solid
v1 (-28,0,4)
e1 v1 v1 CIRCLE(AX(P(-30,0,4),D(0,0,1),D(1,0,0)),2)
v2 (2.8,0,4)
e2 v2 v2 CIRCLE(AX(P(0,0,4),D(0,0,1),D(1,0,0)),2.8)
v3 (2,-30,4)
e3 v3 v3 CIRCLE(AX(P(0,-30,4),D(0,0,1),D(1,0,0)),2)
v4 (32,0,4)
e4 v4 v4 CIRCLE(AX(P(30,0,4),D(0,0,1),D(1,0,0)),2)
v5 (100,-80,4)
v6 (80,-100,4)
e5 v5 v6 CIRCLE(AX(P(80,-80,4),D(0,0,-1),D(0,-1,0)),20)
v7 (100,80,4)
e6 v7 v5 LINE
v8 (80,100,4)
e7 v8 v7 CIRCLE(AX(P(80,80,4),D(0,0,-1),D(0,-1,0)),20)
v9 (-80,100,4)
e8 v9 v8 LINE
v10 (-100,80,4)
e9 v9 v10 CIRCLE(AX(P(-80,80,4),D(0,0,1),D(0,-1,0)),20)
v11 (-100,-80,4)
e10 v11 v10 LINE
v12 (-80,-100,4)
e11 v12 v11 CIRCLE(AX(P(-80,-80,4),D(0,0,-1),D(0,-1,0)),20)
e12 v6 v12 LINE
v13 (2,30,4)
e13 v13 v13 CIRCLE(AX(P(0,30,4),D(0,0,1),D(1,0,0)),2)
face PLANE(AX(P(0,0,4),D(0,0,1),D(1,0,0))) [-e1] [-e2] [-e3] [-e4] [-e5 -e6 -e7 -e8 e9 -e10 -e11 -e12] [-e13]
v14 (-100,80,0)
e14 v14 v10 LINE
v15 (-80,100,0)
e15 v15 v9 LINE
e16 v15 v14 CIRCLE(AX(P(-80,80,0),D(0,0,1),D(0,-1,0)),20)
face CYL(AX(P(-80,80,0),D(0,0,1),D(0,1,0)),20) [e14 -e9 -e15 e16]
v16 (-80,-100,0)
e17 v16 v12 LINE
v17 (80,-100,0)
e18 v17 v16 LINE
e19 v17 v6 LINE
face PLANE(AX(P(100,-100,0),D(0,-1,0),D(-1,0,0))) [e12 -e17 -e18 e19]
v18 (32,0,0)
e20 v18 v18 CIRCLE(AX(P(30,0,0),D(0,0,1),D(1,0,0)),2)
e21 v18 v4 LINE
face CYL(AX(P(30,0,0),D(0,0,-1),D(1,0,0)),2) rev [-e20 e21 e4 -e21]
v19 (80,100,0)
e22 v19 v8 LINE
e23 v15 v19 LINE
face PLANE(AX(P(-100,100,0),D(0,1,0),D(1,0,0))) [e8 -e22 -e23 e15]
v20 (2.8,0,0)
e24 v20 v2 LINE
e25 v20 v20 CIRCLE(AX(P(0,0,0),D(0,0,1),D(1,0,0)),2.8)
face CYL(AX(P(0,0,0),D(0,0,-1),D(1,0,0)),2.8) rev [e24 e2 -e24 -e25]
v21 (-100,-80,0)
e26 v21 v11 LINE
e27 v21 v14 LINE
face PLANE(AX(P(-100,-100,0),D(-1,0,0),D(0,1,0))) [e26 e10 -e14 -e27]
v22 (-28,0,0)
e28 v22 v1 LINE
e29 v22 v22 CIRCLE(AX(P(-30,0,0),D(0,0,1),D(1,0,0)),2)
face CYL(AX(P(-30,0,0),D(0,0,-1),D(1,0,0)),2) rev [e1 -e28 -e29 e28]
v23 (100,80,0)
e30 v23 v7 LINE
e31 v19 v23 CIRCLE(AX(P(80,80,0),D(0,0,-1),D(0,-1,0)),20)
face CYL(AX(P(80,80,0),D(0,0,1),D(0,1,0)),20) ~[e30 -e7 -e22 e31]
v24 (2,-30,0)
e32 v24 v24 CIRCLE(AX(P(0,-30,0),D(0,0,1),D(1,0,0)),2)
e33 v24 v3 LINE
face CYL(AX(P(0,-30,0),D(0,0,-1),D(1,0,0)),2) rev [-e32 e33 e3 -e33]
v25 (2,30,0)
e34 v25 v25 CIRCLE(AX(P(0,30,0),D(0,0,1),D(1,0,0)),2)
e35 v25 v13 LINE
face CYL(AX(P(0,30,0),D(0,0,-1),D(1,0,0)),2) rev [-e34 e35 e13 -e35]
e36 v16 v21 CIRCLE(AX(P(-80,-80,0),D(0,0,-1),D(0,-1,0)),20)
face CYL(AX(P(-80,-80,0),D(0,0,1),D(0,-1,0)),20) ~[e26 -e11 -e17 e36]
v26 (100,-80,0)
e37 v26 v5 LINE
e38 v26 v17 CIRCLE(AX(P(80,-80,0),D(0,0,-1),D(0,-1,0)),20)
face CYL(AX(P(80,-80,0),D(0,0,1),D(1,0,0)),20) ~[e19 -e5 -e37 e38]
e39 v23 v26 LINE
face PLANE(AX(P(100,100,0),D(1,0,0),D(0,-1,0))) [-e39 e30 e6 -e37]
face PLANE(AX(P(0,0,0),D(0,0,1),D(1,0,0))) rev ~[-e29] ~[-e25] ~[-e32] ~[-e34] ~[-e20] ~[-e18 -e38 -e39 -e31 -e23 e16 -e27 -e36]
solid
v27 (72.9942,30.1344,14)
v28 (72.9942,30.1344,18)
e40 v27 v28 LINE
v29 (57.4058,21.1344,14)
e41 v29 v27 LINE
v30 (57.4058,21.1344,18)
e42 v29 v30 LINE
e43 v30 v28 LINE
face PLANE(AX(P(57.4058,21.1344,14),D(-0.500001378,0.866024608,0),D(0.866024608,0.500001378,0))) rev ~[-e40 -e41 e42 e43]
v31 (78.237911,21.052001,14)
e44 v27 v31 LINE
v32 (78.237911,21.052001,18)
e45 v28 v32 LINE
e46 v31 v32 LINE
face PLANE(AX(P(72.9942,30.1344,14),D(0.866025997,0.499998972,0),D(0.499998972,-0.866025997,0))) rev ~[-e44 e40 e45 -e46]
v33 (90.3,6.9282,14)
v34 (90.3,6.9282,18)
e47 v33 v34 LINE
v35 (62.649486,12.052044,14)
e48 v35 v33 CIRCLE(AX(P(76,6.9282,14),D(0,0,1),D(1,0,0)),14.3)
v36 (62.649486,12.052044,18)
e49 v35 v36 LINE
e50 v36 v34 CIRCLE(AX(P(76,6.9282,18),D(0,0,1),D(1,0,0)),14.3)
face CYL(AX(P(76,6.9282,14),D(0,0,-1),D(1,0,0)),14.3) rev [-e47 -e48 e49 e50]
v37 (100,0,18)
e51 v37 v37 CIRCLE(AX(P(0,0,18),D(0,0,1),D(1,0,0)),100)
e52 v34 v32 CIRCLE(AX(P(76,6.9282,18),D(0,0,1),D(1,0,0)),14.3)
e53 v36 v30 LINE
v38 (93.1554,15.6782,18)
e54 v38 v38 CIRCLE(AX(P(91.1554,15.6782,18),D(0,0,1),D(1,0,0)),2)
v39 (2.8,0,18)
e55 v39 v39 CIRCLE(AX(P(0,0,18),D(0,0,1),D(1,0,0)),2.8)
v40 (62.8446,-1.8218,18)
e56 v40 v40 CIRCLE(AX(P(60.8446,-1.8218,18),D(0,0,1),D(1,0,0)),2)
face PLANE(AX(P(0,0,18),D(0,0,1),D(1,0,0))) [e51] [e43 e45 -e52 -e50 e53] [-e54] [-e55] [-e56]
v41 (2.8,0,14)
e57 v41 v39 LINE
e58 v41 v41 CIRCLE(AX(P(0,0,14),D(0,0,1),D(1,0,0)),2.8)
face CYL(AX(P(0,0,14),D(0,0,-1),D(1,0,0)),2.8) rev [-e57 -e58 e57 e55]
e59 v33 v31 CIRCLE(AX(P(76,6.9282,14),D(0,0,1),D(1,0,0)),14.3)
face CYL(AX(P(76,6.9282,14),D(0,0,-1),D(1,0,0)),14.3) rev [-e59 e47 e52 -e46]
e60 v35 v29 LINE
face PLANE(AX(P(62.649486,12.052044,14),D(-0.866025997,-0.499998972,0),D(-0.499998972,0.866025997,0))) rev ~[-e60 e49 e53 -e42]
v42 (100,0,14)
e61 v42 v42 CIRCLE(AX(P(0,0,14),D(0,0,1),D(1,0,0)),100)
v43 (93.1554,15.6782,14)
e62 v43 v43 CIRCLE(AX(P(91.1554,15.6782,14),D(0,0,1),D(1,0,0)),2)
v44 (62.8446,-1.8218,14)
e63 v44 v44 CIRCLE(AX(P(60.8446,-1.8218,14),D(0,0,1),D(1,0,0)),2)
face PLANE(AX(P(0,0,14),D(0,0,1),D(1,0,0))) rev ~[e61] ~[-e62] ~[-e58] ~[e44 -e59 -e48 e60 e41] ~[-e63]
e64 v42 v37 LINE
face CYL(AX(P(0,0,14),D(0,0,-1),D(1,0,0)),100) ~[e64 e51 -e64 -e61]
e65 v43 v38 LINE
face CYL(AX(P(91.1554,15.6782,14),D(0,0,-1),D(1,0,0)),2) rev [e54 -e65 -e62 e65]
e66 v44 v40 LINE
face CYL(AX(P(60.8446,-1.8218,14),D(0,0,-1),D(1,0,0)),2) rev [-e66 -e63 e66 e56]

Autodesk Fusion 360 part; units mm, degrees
sketch "Sketch1" plane through (0, 0, 0) normal (0, 0, 1) x (1, 0, 0)
  line L0 (-100, 100) -> (100, 100)
  line L1 (100, 100) -> (100, -100)
  line L2 (100, -100) -> (-100, -100)
  line L3 (-100, -100) -> (-100, 100)
  circle A0 centre (0, 0) radius 65 construction
  circle A1 centre (30, 0) radius 2
  circle A2 centre (0, 30) radius 2
  circle A3 centre (-30, 0) radius 2
  circle A4 centre (0, -30) radius 2
  circle A5 centre (0, 0) radius 2.8
  point P0 (0, -100)
  point P1 (-100, 0)
  dimension "d1" = 200
  dimension "d2" = 200
  dimension "d3" = 130
  dimension "d10" = 30
  dimension "d11" = 30
  dimension "d12" = 30
  dimension "d13" = 30
  dimension "d14" = 4
  dimension "d15" = 4
  dimension "d16" = 4
  dimension "d17" = 4
  dimension "d18" = 5.6
sketch "Sketch2" plane through (0, 0, 0) normal (0, 0, 1) x (1, 0, 0)
  circle A0 centre (0, 0) radius 100
  circle A1 centre (76, 6.9282) radius 14.3
  line L0 (60.8446, -1.8218) -> (91.1554, 15.6782) construction
  circle A2 centre (60.8446, -1.8218) radius 2
  circle A3 centre (91.1554, 15.6782) radius 2
  line L1 (76, 6.9282) -> (80, 0) construction
  line L2 (-49.7, 60.3) -> (49.7, 60.3) construction
  line L3 (49.7, 60.3) -> (49.7, -60.3) construction
  line L4 (49.7, -60.3) -> (-49.7, -60.3) construction
  line L5 (-49.7, -60.3) -> (-49.7, 60.3) construction
  line L6 (0, 0) -> (0, 9) construction
  line L7 (57.4058, 21.1344) -> (72.9942, 30.1344)
  line L8 (72.9942, 30.1344) -> (83.7942, 11.4282)
  line L9 (83.7942, 11.4282) -> (68.2058, 2.4282) construction
  line L10 (68.2058, 2.4282) -> (57.4058, 21.1344)
  circle A4 centre (0, 0) radius 2.8
  point P0 (80, 0)
  point P1 (76, 6.9282)
  point P2 (92.673, 16.9809)
  point P3 (98.1351, 19.2223)
  point P4 (0, 60.3)
  point P5 (-49.7, 0)
  point P6 (76, 6.9282)
  dimension "d19" = 200
  dimension "d20" = 80
  dimension "d21" = 28.6
  dimension "d22" = 8
  dimension "d23" = 35
  dimension "d24" = 4
  dimension "d25" = 4
  dimension "d27" = 99.4
  dimension "d28" = 120.6
  dimension "d29" = 60
  dimension "d30" = 18
  dimension "d31" = 21.6
  dimension "d32" = 5.6
extrude "Extrude1" add sketch "Sketch1" along normal blind 4 makes body 1
extrude "Extrude2" add sketch "Sketch2" along normal blind 4 from surface at 14 separate body makes body 2
fillet "Fillet1" radius 20 4 edges at (100, -100, 2) (-100, -100, 2) (-100, 100, 2) (100, 100, 2) on bodies 1
sketch "Sketch3" plane through (0, 0, 18) normal (0, 0, 1) x (-1, 0, 0)
  circle A0 centre (0, 0) radius 100
  circle A1 centre (-60.8446, 1.8218) radius 2
  circle A2 centre (-91.1554, -15.6782) radius 2
  arc A3 (-62.6495, -12.052) -> (-78.2379, -21.052) centre (-76, -6.9282) ccw
  line L0 (-62.6495, -12.052) -> (-57.4058, -21.1344)
  line L1 (-57.4058, -21.1344) -> (-72.9942, -30.1344)
  line L2 (-72.9942, -30.1344) -> (-78.2379, -21.052)
  circle A4 centre (0, 0) radius 2.8
sketch "Sketch4" plane through (0, 0, 4) normal (0, 0, 1) x (-1, 0, 0)
  arc A0 (-100, -80) -> (-80, -100) centre (-80, -80) ccw
  line L0 (-80, -100) -> (80, -100)
  arc A1 (80, -100) -> (100, -80) centre (80, -80) ccw
  line L1 (100, -80) -> (100, 80)
  arc A2 (100, 80) -> (80, 100) centre (80, 80) ccw
  line L2 (80, 100) -> (-80, 100)
  arc A3 (-80, 100) -> (-100, 80) centre (-80, 80) ccw
  line L3 (-100, 80) -> (-100, -80)
  circle A4 centre (30, 0) radius 2
  circle A5 centre (-30, 0) radius 2
  circle A6 centre (0, -30) radius 2
  circle A7 centre (0, 0) radius 2.8
  circle A8 centre (0, 30) radius 2
equation "ScrewDiameter = 4 mm"
equation "ScrewDistance = 30 mm"
equation "BigGearDiameter = 130 mm"
equation "SmallGearDiameter = 30 mm"
equation "ShaftDiameter = 5 mm"
equation "Clearance = 0.3 mm"
equation "d10 = ScrewDistance"
equation "d11 = ScrewDistance"
equation "d12 = ScrewDistance"
equation "d13 = ScrewDistance"
equation "d14 = ScrewDiameter"
equation "d15 = ScrewDiameter"
equation "d16 = ScrewDiameter"
equation "d17 = ScrewDiameter"
equation "d18 = ShaftDiameter + Clearance * 2"
equation "d21 = 28 mm + 2 * Clearance"
equation "d24 = ScrewDiameter"
equation "d25 = ScrewDiameter"
equation "d30 = 17.4 mm + 2 * Clearance"
equation "d31 = 17 mm + Clearance + 4.3 mm"
equation "d32 = ShaftDiameter + 2 * Clearance"
